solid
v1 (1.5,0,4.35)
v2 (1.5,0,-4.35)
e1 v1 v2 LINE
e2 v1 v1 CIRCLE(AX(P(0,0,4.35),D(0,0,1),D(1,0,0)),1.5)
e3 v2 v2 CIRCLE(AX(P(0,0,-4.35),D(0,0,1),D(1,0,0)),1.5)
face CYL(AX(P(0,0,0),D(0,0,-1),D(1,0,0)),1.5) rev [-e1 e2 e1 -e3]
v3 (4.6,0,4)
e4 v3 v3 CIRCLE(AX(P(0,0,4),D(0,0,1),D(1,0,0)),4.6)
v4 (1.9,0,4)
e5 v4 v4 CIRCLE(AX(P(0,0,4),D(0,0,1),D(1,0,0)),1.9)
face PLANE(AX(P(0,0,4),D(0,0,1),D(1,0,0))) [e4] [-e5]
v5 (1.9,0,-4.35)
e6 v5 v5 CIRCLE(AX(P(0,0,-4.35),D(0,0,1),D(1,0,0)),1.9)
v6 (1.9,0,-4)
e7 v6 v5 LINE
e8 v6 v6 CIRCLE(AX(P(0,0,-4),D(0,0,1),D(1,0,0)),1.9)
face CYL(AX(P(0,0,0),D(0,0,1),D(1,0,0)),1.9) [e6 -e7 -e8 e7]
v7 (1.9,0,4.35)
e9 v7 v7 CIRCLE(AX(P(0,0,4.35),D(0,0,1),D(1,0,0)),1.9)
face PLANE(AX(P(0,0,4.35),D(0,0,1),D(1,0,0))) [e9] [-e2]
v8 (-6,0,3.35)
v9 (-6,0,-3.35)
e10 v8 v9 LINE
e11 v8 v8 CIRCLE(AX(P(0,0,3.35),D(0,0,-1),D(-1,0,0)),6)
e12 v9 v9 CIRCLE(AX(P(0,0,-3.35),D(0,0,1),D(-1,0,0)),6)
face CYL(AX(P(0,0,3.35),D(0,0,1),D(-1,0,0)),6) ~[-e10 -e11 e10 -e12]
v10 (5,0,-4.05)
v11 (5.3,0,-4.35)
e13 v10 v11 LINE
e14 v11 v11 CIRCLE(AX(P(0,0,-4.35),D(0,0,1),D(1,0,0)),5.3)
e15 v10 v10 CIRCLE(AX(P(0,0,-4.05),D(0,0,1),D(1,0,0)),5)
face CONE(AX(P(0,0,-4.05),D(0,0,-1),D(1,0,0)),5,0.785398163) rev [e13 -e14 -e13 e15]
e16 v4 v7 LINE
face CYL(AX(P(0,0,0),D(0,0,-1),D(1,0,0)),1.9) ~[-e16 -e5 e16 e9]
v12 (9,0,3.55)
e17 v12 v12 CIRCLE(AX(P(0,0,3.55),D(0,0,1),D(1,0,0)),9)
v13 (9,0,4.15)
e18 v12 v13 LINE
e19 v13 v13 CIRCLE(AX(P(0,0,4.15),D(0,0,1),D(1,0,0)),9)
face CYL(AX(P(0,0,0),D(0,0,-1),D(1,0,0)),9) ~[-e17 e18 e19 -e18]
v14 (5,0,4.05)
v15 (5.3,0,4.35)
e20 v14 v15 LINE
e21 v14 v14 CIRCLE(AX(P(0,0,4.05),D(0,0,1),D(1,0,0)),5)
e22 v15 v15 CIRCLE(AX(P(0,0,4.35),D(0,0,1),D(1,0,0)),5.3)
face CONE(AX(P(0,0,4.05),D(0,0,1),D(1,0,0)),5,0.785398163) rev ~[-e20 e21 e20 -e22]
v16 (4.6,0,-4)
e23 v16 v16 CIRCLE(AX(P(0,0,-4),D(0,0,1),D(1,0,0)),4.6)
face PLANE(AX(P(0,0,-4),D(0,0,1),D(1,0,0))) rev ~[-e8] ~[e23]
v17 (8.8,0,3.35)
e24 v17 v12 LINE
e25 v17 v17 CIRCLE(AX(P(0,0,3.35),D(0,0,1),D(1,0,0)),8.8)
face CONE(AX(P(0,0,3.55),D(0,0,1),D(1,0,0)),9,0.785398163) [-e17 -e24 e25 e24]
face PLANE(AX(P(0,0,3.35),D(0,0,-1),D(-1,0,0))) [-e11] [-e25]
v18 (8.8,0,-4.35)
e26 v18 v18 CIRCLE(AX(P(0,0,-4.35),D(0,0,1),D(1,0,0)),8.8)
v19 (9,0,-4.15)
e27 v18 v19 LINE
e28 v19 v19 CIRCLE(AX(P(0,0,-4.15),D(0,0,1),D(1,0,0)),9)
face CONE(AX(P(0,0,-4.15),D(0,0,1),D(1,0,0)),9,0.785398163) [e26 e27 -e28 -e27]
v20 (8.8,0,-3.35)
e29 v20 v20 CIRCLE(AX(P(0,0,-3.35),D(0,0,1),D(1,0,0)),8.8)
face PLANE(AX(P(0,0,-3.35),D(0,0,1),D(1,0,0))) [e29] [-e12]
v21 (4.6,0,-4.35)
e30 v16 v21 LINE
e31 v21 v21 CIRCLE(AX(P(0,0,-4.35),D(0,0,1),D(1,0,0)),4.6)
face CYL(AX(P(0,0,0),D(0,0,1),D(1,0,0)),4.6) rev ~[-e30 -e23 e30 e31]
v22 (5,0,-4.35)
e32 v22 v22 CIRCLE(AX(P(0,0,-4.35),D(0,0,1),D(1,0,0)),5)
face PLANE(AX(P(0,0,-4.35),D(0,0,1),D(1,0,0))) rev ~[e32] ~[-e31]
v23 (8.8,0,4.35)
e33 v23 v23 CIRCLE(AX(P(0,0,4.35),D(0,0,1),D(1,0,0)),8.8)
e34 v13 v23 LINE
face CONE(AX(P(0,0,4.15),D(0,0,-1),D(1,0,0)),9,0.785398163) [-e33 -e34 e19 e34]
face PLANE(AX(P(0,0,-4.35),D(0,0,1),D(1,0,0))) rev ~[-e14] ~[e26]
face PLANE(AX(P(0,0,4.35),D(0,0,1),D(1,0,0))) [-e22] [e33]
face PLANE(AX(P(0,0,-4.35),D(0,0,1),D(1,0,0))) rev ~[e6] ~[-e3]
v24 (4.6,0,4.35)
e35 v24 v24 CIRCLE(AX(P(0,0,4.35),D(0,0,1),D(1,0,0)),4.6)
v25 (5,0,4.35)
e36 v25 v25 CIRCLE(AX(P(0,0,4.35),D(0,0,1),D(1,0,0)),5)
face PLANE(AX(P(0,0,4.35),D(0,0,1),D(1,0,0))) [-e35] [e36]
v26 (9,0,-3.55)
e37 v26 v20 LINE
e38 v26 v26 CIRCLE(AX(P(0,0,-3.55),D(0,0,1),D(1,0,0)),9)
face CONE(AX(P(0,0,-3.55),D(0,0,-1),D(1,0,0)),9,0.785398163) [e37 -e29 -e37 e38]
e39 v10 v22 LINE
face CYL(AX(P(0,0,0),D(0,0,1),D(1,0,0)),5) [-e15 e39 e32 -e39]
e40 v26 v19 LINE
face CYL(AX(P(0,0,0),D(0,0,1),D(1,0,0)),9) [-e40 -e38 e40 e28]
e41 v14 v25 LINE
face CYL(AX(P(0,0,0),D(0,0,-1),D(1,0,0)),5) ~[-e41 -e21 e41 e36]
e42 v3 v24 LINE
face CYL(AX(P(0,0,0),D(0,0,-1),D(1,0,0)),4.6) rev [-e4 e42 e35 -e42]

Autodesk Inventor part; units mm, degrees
ref_plane "YZ Plane" through (0, 0, 0) normal (1, 0, 0) x (0, 1, 0)
ref_plane "XZ Plane" through (0, 0, 0) normal (0, 1, 0) x (-1, 0, 0)
ref_plane "XY Plane" through (0, 0, 0) normal (0, 0, 1) x (1, 0, 0)
sketch "Эскиз1" plane through (0, 0, 0) normal (0, 0, 1) x (1, 0, 0)
  line L0 (0, 0) -> (-6.1125, 0) construction
  line L1 (0, 0) -> (0, 16.0328) construction
  circle A0 centre (0, 0) radius 5.8625 construction
  arc A1 (-0.4857, 5.7438) -> (0.4857, 5.7438) centre (0, 5.8625) ccw
  line L2 (-0.5277, 5.9157) -> (-0.4857, 5.7438)
  line L3 (0.5277, 5.9157) -> (0.4857, 5.7438)
  arc A2 (0.7464, 6.0668) -> (0.5277, 5.9157) centre (0.722, 5.8683) ccw
  arc A3 (-0.5277, 5.9157) -> (-0.7464, 6.0668) centre (-0.722, 5.8683) ccw
  arc A4 (-2.2369, 5.3126) -> (-1.313, 5.6128) centre (-1.8116, 5.5756) ccw
  line L4 (-2.3299, 5.4631) -> (-2.2369, 5.3126)
  line L5 (-1.3262, 5.7893) -> (-1.313, 5.6128)
  arc A5 (-1.1648, 6.0005) -> (-1.3262, 5.7893) centre (-1.1267, 5.8041) ccw
  arc A6 (-2.3299, 5.4631) -> (-2.5846, 5.5392) centre (-2.5001, 5.3579) ccw
  arc A7 (-3.7691, 4.3614) -> (-2.9832, 4.9323) centre (-3.4459, 4.7429) ccw
  line L6 (-3.9041, 4.4757) -> (-3.7691, 4.3614)
  line L7 (-3.0502, 5.0961) -> (-2.9832, 4.9323)
  arc A8 (-2.9621, 5.3468) -> (-3.0502, 5.0961) centre (-2.8652, 5.1719) ccw
  arc A9 (-3.9041, 4.4757) -> (-4.1698, 4.4694) centre (-4.0334, 4.3231) ccw
  arc A10 (-4.9323, 2.9832) -> (-4.3614, 3.7691) centre (-4.7429, 3.4459) ccw
  line L8 (-5.0961, 3.0502) -> (-4.9323, 2.9832)
  line L9 (-4.4757, 3.9041) -> (-4.3614, 3.7691)
  arc A11 (-4.4694, 4.1698) -> (-4.4757, 3.9041) centre (-4.3231, 4.0334) ccw
  arc A12 (-5.0961, 3.0502) -> (-5.3468, 2.9621) centre (-5.1719, 2.8652) ccw
  arc A13 (-5.6128, 1.313) -> (-5.3126, 2.2369) centre (-5.5756, 1.8116) ccw
  line L10 (-5.7893, 1.3262) -> (-5.6128, 1.313)
  line L11 (-5.4631, 2.3299) -> (-5.3126, 2.2369)
  arc A14 (-5.5392, 2.5846) -> (-5.4631, 2.3299) centre (-5.3579, 2.5001) ccw
  arc A15 (-5.7893, 1.3262) -> (-6.0005, 1.1648) centre (-5.8041, 1.1267) ccw
  arc A16 (-5.7438, -0.4857) -> (-5.7438, 0.4857) centre (-5.8625, 0) ccw
  line L12 (-5.9157, -0.5277) -> (-5.7438, -0.4857)
  line L13 (-5.9157, 0.5277) -> (-5.7438, 0.4857)
  arc A17 (-6.0668, 0.7464) -> (-5.9157, 0.5277) centre (-5.8683, 0.722) ccw
  arc A18 (-5.9157, -0.5277) -> (-6.0668, -0.7464) centre (-5.8683, -0.722) ccw
  arc A19 (-5.3126, -2.2369) -> (-5.6128, -1.313) centre (-5.5756, -1.8116) ccw
  line L14 (-5.4631, -2.3299) -> (-5.3126, -2.2369)
  line L15 (-5.7893, -1.3262) -> (-5.6128, -1.313)
  arc A20 (-6.0005, -1.1648) -> (-5.7893, -1.3262) centre (-5.8041, -1.1267) ccw
  arc A21 (-5.4631, -2.3299) -> (-5.5392, -2.5846) centre (-5.3579, -2.5001) ccw
  arc A22 (-4.3614, -3.7691) -> (-4.9323, -2.9832) centre (-4.7429, -3.4459) ccw
  line L16 (-4.4757, -3.9041) -> (-4.3614, -3.7691)
  line L17 (-5.0961, -3.0502) -> (-4.9323, -2.9832)
  arc A23 (-5.3468, -2.9621) -> (-5.0961, -3.0502) centre (-5.1719, -2.8652) ccw
  arc A24 (-4.4757, -3.9041) -> (-4.4694, -4.1698) centre (-4.3231, -4.0334) ccw
  arc A25 (-2.9832, -4.9323) -> (-3.7691, -4.3614) centre (-3.4459, -4.7429) ccw
  line L18 (-3.0502, -5.0961) -> (-2.9832, -4.9323)
  line L19 (-3.9041, -4.4757) -> (-3.7691, -4.3614)
  arc A26 (-4.1698, -4.4694) -> (-3.9041, -4.4757) centre (-4.0334, -4.3231) ccw
  arc A27 (-3.0502, -5.0961) -> (-2.9621, -5.3468) centre (-2.8652, -5.1719) ccw
  arc A28 (-1.313, -5.6128) -> (-2.2369, -5.3126) centre (-1.8116, -5.5756) ccw
  line L20 (-1.3262, -5.7893) -> (-1.313, -5.6128)
  line L21 (-2.3299, -5.4631) -> (-2.2369, -5.3126)
  arc A29 (-2.5846, -5.5392) -> (-2.3299, -5.4631) centre (-2.5001, -5.3579) ccw
  arc A30 (-1.3262, -5.7893) -> (-1.1648, -6.0005) centre (-1.1267, -5.8041) ccw
  arc A31 (0.4857, -5.7438) -> (-0.4857, -5.7438) centre (0, -5.8625) ccw
  line L22 (0.5277, -5.9157) -> (0.4857, -5.7438)
  line L23 (-0.5277, -5.9157) -> (-0.4857, -5.7438)
  arc A32 (-0.7464, -6.0668) -> (-0.5277, -5.9157) centre (-0.722, -5.8683) ccw
  arc A33 (0.5277, -5.9157) -> (0.7464, -6.0668) centre (0.722, -5.8683) ccw
  arc A34 (2.2369, -5.3126) -> (1.313, -5.6128) centre (1.8116, -5.5756) ccw
  line L24 (2.3299, -5.4631) -> (2.2369, -5.3126)
  line L25 (1.3262, -5.7893) -> (1.313, -5.6128)
  arc A35 (1.1648, -6.0005) -> (1.3262, -5.7893) centre (1.1267, -5.8041) ccw
  arc A36 (2.3299, -5.4631) -> (2.5846, -5.5392) centre (2.5001, -5.3579) ccw
  arc A37 (3.7691, -4.3614) -> (2.9832, -4.9323) centre (3.4459, -4.7429) ccw
  line L26 (3.9041, -4.4757) -> (3.7691, -4.3614)
  line L27 (3.0502, -5.0961) -> (2.9832, -4.9323)
  arc A38 (2.9621, -5.3468) -> (3.0502, -5.0961) centre (2.8652, -5.1719) ccw
  arc A39 (3.9041, -4.4757) -> (4.1698, -4.4694) centre (4.0334, -4.3231) ccw
  arc A40 (4.9323, -2.9832) -> (4.3614, -3.7691) centre (4.7429, -3.4459) ccw
  line L28 (5.0961, -3.0502) -> (4.9323, -2.9832)
  line L29 (4.4757, -3.9041) -> (4.3614, -3.7691)
  arc A41 (4.4694, -4.1698) -> (4.4757, -3.9041) centre (4.3231, -4.0334) ccw
  arc A42 (5.0961, -3.0502) -> (5.3468, -2.9621) centre (5.1719, -2.8652) ccw
  arc A43 (5.6128, -1.313) -> (5.3126, -2.2369) centre (5.5756, -1.8116) ccw
  line L30 (5.7893, -1.3262) -> (5.6128, -1.313)
  line L31 (5.4631, -2.3299) -> (5.3126, -2.2369)
  arc A44 (5.5392, -2.5846) -> (5.4631, -2.3299) centre (5.3579, -2.5001) ccw
  arc A45 (5.7893, -1.3262) -> (6.0005, -1.1648) centre (5.8041, -1.1267) ccw
  arc A46 (5.7438, 0.4857) -> (5.7438, -0.4857) centre (5.8625, 0) ccw
  line L32 (5.9157, 0.5277) -> (5.7438, 0.4857)
  line L33 (5.9157, -0.5277) -> (5.7438, -0.4857)
  arc A47 (6.0668, -0.7464) -> (5.9157, -0.5277) centre (5.8683, -0.722) ccw
  arc A48 (5.9157, 0.5277) -> (6.0668, 0.7464) centre (5.8683, 0.722) ccw
  arc A49 (5.3126, 2.2369) -> (5.6128, 1.313) centre (5.5756, 1.8116) ccw
  line L34 (5.4631, 2.3299) -> (5.3126, 2.2369)
  line L35 (5.7893, 1.3262) -> (5.6128, 1.313)
  arc A50 (6.0005, 1.1648) -> (5.7893, 1.3262) centre (5.8041, 1.1267) ccw
  arc A51 (5.4631, 2.3299) -> (5.5392, 2.5846) centre (5.3579, 2.5001) ccw
  arc A52 (4.3614, 3.7691) -> (4.9323, 2.9832) centre (4.7429, 3.4459) ccw
  line L36 (4.4757, 3.9041) -> (4.3614, 3.7691)
  line L37 (5.0961, 3.0502) -> (4.9323, 2.9832)
  arc A53 (5.3468, 2.9621) -> (5.0961, 3.0502) centre (5.1719, 2.8652) ccw
  arc A54 (4.4757, 3.9041) -> (4.4694, 4.1698) centre (4.3231, 4.0334) ccw
  arc A55 (2.9832, 4.9323) -> (3.7691, 4.3614) centre (3.4459, 4.7429) ccw
  line L38 (3.0502, 5.0961) -> (2.9832, 4.9323)
  line L39 (3.9041, 4.4757) -> (3.7691, 4.3614)
  arc A56 (4.1698, 4.4694) -> (3.9041, 4.4757) centre (4.0334, 4.3231) ccw
  arc A57 (3.0502, 5.0961) -> (2.9621, 5.3468) centre (2.8652, 5.1719) ccw
  arc A58 (1.313, 5.6128) -> (2.2369, 5.3126) centre (1.8116, 5.5756) ccw
  line L40 (1.3262, 5.7893) -> (1.313, 5.6128)
  line L41 (2.3299, 5.4631) -> (2.2369, 5.3126)
  arc A59 (2.5846, 5.5392) -> (2.3299, 5.4631) centre (2.5001, 5.3579) ccw
  arc A60 (1.3262, 5.7893) -> (1.1648, 6.0005) centre (1.1267, 5.8041) ccw
  arc A61 (1.1648, 6.0005) -> (0.7464, 6.0668) centre (0, 0) ccw
  arc A62 (2.9621, 5.3468) -> (2.5846, 5.5392) centre (0, 0) ccw
  arc A63 (4.4694, 4.1698) -> (4.1698, 4.4694) centre (0, 0) ccw
  arc A64 (5.5392, 2.5846) -> (5.3468, 2.9621) centre (0, 0) ccw
  arc A65 (6.0668, 0.7464) -> (6.0005, 1.1648) centre (0, 0) ccw
  arc A66 (6.0005, -1.1648) -> (6.0668, -0.7464) centre (0, 0) ccw
  arc A67 (5.3468, -2.9621) -> (5.5392, -2.5846) centre (0, 0) ccw
  arc A68 (4.1698, -4.4694) -> (4.4694, -4.1698) centre (0, 0) ccw
  arc A69 (2.5846, -5.5392) -> (2.9621, -5.3468) centre (0, 0) ccw
  arc A70 (0.7464, -6.0668) -> (1.1648, -6.0005) centre (0, 0) ccw
  arc A71 (-1.1648, -6.0005) -> (-0.7464, -6.0668) centre (0, 0) ccw
  arc A72 (-2.9621, -5.3468) -> (-2.5846, -5.5392) centre (0, 0) ccw
  arc A73 (-4.4694, -4.1698) -> (-4.1698, -4.4694) centre (0, 0) ccw
  arc A74 (-5.5392, -2.5846) -> (-5.3468, -2.9621) centre (0, 0) ccw
  arc A75 (-6.0668, -0.7464) -> (-6.0005, -1.1648) centre (0, 0) ccw
  arc A76 (-6.0005, 1.1648) -> (-6.0668, 0.7464) centre (0, 0) ccw
  arc A77 (-5.3468, 2.9621) -> (-5.5392, 2.5846) centre (0, 0) ccw
  arc A78 (-4.1698, 4.4694) -> (-4.4694, 4.1698) centre (0, 0) ccw
  arc A79 (-0.7464, 6.0668) -> (-1.1648, 6.0005) centre (0, 0) ccw
  arc A80 (-2.5846, 5.5392) -> (-2.9621, 5.3468) centre (0, 0) ccw
  circle A81 centre (0, 0) radius 5
  circle A82 centre (0, 0) radius 9
  circle A83 centre (0, 0) radius 1.5
  circle A84 centre (0, 0) radius 4.6
  circle A85 centre (0, 0) radius 1.9
  point P0 (-0.5693, 6.0859)
  point P1 (0.5693, 6.0859)
  point P2 (-2.4221, 5.6121)
  point P3 (-1.3392, 5.964)
  point P4 (-4.0378, 4.589)
  point P5 (-3.1166, 5.2583)
  point P6 (-5.2583, 3.1166)
  point P7 (-4.589, 4.0378)
  point P8 (-5.964, 1.3392)
  point P9 (-5.6121, 2.4221)
  point P10 (-6.0859, -0.5693)
  point P11 (-6.0859, 0.5693)
  point P12 (-5.6121, -2.4221)
  point P13 (-5.964, -1.3392)
  point P14 (-4.589, -4.0378)
  point P15 (-5.2583, -3.1166)
  point P16 (-3.1166, -5.2583)
  point P17 (-4.0378, -4.589)
  point P18 (-1.3392, -5.964)
  point P19 (-2.4221, -5.6121)
  point P20 (0.5693, -6.0859)
  point P21 (-0.5693, -6.0859)
  point P22 (2.4221, -5.6121)
  point P23 (1.3392, -5.964)
  point P24 (4.0378, -4.589)
  point P25 (3.1166, -5.2583)
  point P26 (5.2583, -3.1166)
  point P27 (4.589, -4.0378)
  point P28 (5.964, -1.3392)
  point P29 (5.6121, -2.4221)
  point P30 (6.0859, 0.5693)
  point P31 (6.0859, -0.5693)
  point P32 (5.6121, 2.4221)
  point P33 (5.964, 1.3392)
  point P34 (4.589, 4.0378)
  point P35 (5.2583, 3.1166)
  point P36 (3.1166, 5.2583)
  point P37 (4.0378, 4.589)
  point P38 (1.3392, 5.964)
  point P39 (2.4221, 5.6121)
  dimension "d1" = 11.725
  dimension "d2" = 1
  dimension "d4" = 0.2
  dimension "d5" = 0.2
  dimension "d8" = 360
  dimension "d10" = 10
  dimension "d11" = 18
  dimension "d12" = 3
  dimension "d13" = 0.4
  dimension "d14" = 0.4
extrude "Выдавливание1" add sketch "Эскиз1" along normal mid plane 8.7 contours A1 L3 A2 A61 A60 L40 A58 L41 A59 A62 A57 L38 A55 L39 A56 A63 A54 L36 A52 L37 A53 A64 A51 L34 A49 L35 A50 A65 A48 L32 A46 L33 A47 A66 A45 L30 A43 L31 A44 A67 A42 L28 A40 L29 A41 A68 A39 L26 A37 L27 A38 A69 A36 L24 A34 L25 A35 A70 A33 L22 A31 L23 A32 A71 A30 L20 A28 L21 A29 A72 A27 L18 A25 L19 A26 A73 A24 L16 A22 L17 A23 A74 A21 L14 A19 L15 A20 A75 A18 L12 A16 L13 A17 A76 A15 L10 A13 L11 A14 A77 A12 L8 A10 L9 A11 A78 A9 L6 A7 L7 A8 A80 A6 L4 A4 L5 A5 A79 A3 L2 | A82
extrude "Выдавливание2" cut sketch "Эскиз1" along normal mid plane 6.7 contours A82
chamfer "Фаска1" distance 0.3 angle 45 2 edges at (-5, 0, 4.35) (-5, 0, -4.35)
extrude "Выдавливание3" add sketch "Эскиз1" along normal mid plane 8.7 contours A81 | A85
extrude "Выдавливание4" add sketch "Эскиз1" along normal mid plane 8 contours A84
chamfer "Фаска2" distance 0.2 angle 45 4 edges at (-9, 0, 4.35) (-9, 0, 3.35) (-9, 0, -3.35) (-9, 0, -4.35)
sketch "Эскиз2" plane through (0, 0, 3.35) normal (0, 0, -1) x (-1, 0, 0)
  circle A0 centre (0, 0) radius 6
  circle A1 centre (0, 0) radius 2.5
  circle A2 centre (0, 0) radius 7.5981
  dimension "d29" = 12
  dimension "d30" = 5
extrude "Выдавливание5" cut sketch "Эскиз2" along normal blind 6.7 contours A2
extrude "Выдавливание6" add sketch "Эскиз2" along normal blind 6.7 contours A0
properties part number "Шкив 2GT с подшипником 5мм"
